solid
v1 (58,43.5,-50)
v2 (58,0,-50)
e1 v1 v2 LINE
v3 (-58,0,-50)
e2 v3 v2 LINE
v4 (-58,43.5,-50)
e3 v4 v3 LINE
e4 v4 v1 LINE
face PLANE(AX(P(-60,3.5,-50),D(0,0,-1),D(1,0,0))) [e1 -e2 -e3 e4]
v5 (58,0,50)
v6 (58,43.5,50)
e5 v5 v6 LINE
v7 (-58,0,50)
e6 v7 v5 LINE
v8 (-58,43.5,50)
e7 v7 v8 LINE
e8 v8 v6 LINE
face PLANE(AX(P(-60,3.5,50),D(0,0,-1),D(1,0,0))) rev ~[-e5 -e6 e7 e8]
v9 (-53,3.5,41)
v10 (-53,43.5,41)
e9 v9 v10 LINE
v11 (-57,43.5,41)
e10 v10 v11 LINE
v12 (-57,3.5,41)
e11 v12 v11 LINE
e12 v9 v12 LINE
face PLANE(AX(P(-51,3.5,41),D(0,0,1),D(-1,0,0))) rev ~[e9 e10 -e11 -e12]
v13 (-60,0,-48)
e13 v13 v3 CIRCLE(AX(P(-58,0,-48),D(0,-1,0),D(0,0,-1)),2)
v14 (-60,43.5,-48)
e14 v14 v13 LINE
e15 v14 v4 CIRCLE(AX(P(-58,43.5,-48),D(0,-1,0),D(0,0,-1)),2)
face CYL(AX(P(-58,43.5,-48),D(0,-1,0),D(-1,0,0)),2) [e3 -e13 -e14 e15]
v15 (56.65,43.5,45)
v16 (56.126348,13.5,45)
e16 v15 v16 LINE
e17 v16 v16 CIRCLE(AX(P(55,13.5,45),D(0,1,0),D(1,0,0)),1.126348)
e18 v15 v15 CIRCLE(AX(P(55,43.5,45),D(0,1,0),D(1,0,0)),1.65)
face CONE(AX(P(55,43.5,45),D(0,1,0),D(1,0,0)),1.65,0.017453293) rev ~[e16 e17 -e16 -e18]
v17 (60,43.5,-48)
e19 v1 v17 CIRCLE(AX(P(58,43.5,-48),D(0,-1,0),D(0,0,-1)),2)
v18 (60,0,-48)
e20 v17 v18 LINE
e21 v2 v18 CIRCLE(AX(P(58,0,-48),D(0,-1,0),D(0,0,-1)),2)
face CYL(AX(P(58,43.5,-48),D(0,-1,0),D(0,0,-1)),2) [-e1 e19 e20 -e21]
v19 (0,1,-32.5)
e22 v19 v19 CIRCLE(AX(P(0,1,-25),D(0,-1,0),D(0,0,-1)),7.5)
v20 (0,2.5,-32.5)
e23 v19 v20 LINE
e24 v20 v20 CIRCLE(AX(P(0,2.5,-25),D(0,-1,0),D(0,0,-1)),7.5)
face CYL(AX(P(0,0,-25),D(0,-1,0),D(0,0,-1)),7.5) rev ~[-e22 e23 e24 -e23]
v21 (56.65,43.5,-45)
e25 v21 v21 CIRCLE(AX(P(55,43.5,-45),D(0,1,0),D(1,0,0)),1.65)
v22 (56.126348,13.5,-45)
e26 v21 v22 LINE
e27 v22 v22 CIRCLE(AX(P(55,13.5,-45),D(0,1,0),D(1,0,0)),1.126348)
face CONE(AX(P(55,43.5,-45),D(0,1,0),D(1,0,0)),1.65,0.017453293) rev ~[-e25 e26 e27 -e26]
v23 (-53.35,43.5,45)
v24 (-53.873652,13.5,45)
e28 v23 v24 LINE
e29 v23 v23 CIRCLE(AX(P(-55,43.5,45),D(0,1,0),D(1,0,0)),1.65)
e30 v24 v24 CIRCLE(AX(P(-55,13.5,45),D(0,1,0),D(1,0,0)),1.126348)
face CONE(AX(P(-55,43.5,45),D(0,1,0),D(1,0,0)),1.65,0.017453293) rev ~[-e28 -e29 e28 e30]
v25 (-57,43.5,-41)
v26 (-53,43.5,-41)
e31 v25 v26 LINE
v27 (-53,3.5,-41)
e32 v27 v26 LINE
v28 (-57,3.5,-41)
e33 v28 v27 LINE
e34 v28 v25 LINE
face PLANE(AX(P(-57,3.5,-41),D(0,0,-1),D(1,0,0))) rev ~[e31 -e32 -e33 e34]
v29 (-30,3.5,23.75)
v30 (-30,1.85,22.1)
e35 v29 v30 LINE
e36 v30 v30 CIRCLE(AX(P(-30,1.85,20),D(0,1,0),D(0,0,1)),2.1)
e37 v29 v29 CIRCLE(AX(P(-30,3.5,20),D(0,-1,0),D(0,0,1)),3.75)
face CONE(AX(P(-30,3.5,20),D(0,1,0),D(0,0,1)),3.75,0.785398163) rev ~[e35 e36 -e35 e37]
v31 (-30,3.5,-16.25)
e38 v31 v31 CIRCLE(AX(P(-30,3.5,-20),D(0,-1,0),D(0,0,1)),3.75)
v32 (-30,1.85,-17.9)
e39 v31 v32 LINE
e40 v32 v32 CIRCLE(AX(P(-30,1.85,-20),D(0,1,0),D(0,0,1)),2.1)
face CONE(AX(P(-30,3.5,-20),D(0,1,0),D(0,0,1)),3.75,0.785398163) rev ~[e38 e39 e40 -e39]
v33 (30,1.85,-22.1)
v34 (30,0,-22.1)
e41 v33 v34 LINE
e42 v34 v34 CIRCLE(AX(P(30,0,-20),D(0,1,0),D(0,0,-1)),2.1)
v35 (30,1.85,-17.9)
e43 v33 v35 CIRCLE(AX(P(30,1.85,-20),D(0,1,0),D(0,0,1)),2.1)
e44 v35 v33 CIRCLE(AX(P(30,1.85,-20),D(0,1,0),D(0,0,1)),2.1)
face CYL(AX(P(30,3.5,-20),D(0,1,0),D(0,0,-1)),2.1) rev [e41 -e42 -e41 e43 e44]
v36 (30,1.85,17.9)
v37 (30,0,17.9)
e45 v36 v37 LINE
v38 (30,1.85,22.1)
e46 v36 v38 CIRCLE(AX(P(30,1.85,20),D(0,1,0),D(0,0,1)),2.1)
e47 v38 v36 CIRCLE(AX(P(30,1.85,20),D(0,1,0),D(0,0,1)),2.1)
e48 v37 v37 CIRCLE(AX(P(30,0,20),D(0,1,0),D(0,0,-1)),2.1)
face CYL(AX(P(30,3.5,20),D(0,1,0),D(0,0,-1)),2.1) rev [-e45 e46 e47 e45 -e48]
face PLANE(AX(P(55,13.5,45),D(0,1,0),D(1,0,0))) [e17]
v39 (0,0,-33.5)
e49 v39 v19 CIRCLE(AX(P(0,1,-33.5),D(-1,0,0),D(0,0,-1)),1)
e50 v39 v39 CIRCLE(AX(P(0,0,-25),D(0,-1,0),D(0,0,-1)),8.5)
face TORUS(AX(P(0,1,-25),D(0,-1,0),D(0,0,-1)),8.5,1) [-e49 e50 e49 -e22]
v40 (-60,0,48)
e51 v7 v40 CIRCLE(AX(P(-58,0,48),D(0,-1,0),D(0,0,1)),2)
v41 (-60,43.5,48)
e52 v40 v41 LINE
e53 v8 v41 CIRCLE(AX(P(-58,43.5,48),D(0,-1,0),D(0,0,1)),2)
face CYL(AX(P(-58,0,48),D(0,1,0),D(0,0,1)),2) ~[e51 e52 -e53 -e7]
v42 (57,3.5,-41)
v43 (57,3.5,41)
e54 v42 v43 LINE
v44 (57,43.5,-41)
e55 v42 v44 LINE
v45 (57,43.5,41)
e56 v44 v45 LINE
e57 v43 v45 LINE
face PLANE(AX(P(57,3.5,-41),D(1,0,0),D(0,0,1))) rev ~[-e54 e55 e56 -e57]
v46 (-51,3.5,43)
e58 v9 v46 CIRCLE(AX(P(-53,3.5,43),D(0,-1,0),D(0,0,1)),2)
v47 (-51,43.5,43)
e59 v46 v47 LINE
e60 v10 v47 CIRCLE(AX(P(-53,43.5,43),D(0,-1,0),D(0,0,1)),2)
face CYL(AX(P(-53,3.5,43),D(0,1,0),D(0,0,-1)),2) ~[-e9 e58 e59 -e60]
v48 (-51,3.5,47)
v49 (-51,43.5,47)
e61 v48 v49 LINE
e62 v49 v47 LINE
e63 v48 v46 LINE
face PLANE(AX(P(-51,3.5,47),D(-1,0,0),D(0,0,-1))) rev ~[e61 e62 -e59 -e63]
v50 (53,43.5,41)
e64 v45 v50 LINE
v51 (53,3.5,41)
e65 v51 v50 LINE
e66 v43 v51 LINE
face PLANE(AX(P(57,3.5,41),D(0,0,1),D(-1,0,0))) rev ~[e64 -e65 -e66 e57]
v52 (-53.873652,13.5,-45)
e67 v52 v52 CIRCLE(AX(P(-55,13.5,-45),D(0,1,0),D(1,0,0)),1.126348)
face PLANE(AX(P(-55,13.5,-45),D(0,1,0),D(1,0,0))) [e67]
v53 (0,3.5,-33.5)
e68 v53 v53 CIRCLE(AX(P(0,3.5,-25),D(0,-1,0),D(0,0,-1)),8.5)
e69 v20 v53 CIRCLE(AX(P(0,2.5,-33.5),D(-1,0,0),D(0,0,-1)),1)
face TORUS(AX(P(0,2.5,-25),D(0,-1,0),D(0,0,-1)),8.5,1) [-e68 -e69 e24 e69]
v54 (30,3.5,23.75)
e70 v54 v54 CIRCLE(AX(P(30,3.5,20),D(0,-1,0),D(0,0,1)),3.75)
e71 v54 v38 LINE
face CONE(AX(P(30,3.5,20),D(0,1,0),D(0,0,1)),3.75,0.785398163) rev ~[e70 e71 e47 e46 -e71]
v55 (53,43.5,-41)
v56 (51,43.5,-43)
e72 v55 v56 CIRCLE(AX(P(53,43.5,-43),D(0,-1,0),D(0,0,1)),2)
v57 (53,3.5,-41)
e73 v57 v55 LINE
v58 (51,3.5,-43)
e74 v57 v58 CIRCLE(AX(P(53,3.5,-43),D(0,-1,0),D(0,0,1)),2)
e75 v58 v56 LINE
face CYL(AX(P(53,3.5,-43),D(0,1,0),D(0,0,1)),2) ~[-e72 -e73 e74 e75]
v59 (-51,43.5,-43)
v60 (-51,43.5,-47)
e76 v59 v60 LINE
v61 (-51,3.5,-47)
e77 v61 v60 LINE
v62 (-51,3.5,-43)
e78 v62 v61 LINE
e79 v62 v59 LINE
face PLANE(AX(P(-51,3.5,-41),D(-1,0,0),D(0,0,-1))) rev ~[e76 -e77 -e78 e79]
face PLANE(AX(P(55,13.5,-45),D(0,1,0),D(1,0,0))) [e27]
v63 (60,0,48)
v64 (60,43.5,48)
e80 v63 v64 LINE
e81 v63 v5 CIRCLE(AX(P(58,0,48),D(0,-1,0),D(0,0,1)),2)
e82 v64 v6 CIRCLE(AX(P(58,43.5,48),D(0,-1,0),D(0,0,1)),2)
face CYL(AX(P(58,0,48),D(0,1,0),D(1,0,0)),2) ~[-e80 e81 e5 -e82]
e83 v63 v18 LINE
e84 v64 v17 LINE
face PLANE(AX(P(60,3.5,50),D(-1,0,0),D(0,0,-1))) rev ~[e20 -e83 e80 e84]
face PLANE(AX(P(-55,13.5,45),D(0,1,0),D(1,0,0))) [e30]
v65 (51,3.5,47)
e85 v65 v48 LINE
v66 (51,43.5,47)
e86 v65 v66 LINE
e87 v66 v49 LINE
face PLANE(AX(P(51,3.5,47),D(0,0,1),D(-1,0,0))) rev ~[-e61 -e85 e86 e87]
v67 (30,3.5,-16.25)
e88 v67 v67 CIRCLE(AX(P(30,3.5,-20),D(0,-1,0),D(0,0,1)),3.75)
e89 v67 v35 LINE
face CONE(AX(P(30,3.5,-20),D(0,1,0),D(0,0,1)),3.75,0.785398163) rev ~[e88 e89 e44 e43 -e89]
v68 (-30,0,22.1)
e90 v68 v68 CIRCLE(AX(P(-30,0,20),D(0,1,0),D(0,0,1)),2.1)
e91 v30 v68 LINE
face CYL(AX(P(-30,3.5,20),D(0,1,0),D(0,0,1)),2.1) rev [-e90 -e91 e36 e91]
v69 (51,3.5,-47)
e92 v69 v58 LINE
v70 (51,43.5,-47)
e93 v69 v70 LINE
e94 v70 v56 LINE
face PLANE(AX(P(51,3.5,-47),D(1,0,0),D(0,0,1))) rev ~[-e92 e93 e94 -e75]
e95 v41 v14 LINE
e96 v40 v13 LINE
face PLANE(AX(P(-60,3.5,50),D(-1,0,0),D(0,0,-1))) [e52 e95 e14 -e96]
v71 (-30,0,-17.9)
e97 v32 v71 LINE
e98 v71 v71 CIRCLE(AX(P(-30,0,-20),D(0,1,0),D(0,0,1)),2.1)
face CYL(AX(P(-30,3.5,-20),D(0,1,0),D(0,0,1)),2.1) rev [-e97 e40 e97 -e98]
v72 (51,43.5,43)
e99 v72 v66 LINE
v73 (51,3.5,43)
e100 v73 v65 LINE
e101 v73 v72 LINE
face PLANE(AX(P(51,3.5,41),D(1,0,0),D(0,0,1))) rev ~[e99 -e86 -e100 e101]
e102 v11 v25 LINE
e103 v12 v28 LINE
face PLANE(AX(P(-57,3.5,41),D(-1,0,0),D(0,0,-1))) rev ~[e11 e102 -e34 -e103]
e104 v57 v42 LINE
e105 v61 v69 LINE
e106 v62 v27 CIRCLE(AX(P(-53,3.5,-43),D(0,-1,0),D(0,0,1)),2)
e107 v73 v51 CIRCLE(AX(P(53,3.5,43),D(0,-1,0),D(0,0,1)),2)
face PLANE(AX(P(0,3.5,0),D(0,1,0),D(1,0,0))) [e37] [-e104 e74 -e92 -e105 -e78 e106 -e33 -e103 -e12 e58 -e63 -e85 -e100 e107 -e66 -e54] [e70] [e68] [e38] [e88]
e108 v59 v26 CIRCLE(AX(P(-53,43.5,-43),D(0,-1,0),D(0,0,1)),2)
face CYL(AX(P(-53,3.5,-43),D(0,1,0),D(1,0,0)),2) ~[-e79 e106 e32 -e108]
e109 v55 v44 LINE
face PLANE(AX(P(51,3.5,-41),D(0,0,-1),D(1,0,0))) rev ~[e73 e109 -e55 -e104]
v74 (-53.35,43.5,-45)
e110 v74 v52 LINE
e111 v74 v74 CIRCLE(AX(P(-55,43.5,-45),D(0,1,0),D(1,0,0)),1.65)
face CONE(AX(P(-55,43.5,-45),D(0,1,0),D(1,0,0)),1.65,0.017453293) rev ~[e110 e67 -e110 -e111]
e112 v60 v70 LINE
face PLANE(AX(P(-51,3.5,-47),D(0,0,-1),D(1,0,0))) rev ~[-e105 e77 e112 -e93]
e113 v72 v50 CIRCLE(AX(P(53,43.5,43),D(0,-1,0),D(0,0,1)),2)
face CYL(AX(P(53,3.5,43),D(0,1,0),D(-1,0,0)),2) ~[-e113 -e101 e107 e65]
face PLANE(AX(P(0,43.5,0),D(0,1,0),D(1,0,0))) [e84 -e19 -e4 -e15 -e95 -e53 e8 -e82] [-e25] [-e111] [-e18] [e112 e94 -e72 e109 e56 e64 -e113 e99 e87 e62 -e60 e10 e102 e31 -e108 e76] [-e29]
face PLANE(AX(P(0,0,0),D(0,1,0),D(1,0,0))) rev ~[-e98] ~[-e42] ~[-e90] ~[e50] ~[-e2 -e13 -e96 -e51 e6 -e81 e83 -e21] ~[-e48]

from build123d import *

# Parameters (mm, degrees)
SKETCH1_W                             = 120
SKETCH1_H                             = 100
BOTTOM_DEPTH                          = 3.5
SKETCH3_W                             = 120
SKETCH3_H                             = 100
WALL_DEPTH                            = 40
SKETCH4_R                             = 1.65
TOP_PLATE_SCREW_HOLES_DEPTH           = 30
TOP_PLATE_SCREW_HOLES_DRAFT           = -1
TOP_PLATE_SCREW_HOLES_PROFILE_2_DEPTH = 30
TOP_PLATE_SCREW_HOLES_PROFILE_2_DRAFT = -1
TOP_PLATE_SCREW_HOLES_PROFILE_3_DEPTH = 30
TOP_PLATE_SCREW_HOLES_PROFILE_3_DRAFT = -1
TOP_PLATE_SCREW_HOLES_PROFILE_4_DEPTH = 30
TOP_PLATE_SCREW_HOLES_PROFILE_4_DRAFT = -1
FILLET1_R                             = 2
FILLET2_R                             = 2
FILLET3_R                             = 2
FILLET4_R                             = 2
FILLET5_R                             = 2
FILLET6_R                             = 2
FILLET7_R                             = 2
FILLET8_R                             = 2
M4_MOUNT_R                            = 2.1
M4_MOUNT_CUT_DEPTH                    = 88.749643874
SKETCH7_R                             = 7.5
USB_CABEL_CUT_DEPTH                   = 90.399384785
FILLET9_R                             = 1
FILLET10_R                            = 1


with BuildPart() as part:
    # Sketch1 → Bottom (new body)
    with BuildSketch(Plane(origin=(0, 0, 0), x_dir=(1, 0, 0), z_dir=(0, 1, 0))):
        Rectangle(SKETCH1_W, SKETCH1_H)
    extrude(amount=BOTTOM_DEPTH)

    # Sketch3 → Wall (add)
    with BuildSketch(Plane(origin=(0, 3.5, 0), x_dir=(1, 0, 0), z_dir=(0, 1, 0))):
        Rectangle(SKETCH3_W, SKETCH3_H)
        Polygon((-51, 47), (51, 47), (51, 41), (57, 41), (57, -41), (51, -41), (51, -47), (-51, -47), (-51, -41), (-57, -41), (-57, 41), (-51, 41), align=None, mode=Mode.SUBTRACT)
    extrude(amount=WALL_DEPTH)


with BuildPart() as top_plate_screw_holes_tool:
    # Sketch4 → Top Plate Screw Holes (with draft: the straight prism first)
    with BuildSketch(Plane(origin=(0, 43.5, 0), x_dir=(1, 0, 0), z_dir=(0, 1, 0))):
        with Locations((-55, 45)):
            Circle(SKETCH4_R)
    extrude(amount=-TOP_PLATE_SCREW_HOLES_DEPTH)
    # Top Plate Screw Holes: the draft: its side faces are tilted about the plane it starts from
    top_plate_screw_holes_sides = [top_plate_screw_holes_tool.faces().sort_by_distance(p)[0] for p in [
        (-56.65, 28.5, -45),
    ]]
    draft(top_plate_screw_holes_sides, Plane(origin=(0, 43.5, 0), x_dir=(1, 0, 0), z_dir=(0, 1, 0)), TOP_PLATE_SCREW_HOLES_DRAFT)


with BuildPart() as part_1:
    add(part.part)

    # Top Plate Screw Holes: cut by top_plate_screw_holes_tool
    add(top_plate_screw_holes_tool.part, mode=Mode.SUBTRACT)


with BuildPart() as top_plate_screw_holes_profile_2_tool:
    # Sketch4 → Top Plate Screw Holes profile 2 (with draft: the straight prism first)
    with BuildSketch(Plane(origin=(0, 43.5, 0), x_dir=(1, 0, 0), z_dir=(0, 1, 0))):
        with Locations((55, 45)):
            Circle(SKETCH4_R)
    extrude(amount=-TOP_PLATE_SCREW_HOLES_PROFILE_2_DEPTH)
    # Top Plate Screw Holes profile 2: the draft: its side faces are tilted about the plane it starts from
    top_plate_screw_holes_profile_2_sides = [top_plate_screw_holes_profile_2_tool.faces().sort_by_distance(p)[0] for p in [
        (53.35, 28.5, -45),
    ]]
    draft(top_plate_screw_holes_profile_2_sides, Plane(origin=(0, 43.5, 0), x_dir=(1, 0, 0), z_dir=(0, 1, 0)), TOP_PLATE_SCREW_HOLES_PROFILE_2_DRAFT)


with BuildPart() as part_2:
    add(part_1.part)

    # Top Plate Screw Holes profile 2: cut by top_plate_screw_holes_profile_2_tool
    add(top_plate_screw_holes_profile_2_tool.part, mode=Mode.SUBTRACT)


with BuildPart() as top_plate_screw_holes_profile_3_tool:
    # Sketch4 → Top Plate Screw Holes profile 3 (with draft: the straight prism first)
    with BuildSketch(Plane(origin=(0, 43.5, 0), x_dir=(1, 0, 0), z_dir=(0, 1, 0))):
        with Locations((55, -45)):
            Circle(SKETCH4_R)
    extrude(amount=-TOP_PLATE_SCREW_HOLES_PROFILE_3_DEPTH)
    # Top Plate Screw Holes profile 3: the draft: its side faces are tilted about the plane it starts from
    top_plate_screw_holes_profile_3_sides = [top_plate_screw_holes_profile_3_tool.faces().sort_by_distance(p)[0] for p in [
        (53.35, 28.5, 45),
    ]]
    draft(top_plate_screw_holes_profile_3_sides, Plane(origin=(0, 43.5, 0), x_dir=(1, 0, 0), z_dir=(0, 1, 0)), TOP_PLATE_SCREW_HOLES_PROFILE_3_DRAFT)


with BuildPart() as part_3:
    add(part_2.part)

    # Top Plate Screw Holes profile 3: cut by top_plate_screw_holes_profile_3_tool
    add(top_plate_screw_holes_profile_3_tool.part, mode=Mode.SUBTRACT)


with BuildPart() as top_plate_screw_holes_profile_4_tool:
    # Sketch4 → Top Plate Screw Holes profile 4 (with draft: the straight prism first)
    with BuildSketch(Plane(origin=(0, 43.5, 0), x_dir=(1, 0, 0), z_dir=(0, 1, 0))):
        with Locations((-55, -45)):
            Circle(SKETCH4_R)
    extrude(amount=-TOP_PLATE_SCREW_HOLES_PROFILE_4_DEPTH)
    # Top Plate Screw Holes profile 4: the draft: its side faces are tilted about the plane it starts from
    top_plate_screw_holes_profile_4_sides = [top_plate_screw_holes_profile_4_tool.faces().sort_by_distance(p)[0] for p in [
        (-56.65, 28.5, 45),
    ]]
    draft(top_plate_screw_holes_profile_4_sides, Plane(origin=(0, 43.5, 0), x_dir=(1, 0, 0), z_dir=(0, 1, 0)), TOP_PLATE_SCREW_HOLES_PROFILE_4_DRAFT)


with BuildPart() as part_4:
    add(part_3.part)

    # Top Plate Screw Holes profile 4: cut by top_plate_screw_holes_profile_4_tool
    add(top_plate_screw_holes_profile_4_tool.part, mode=Mode.SUBTRACT)

    # Fillet1
    fillet1_edges = [part_4.edges().sort_by_distance(p)[0] for p in [
        (-51, 23.5, 41),
    ]]
    fillet(fillet1_edges, radius=FILLET1_R)

    # Fillet2
    fillet2_edges = [part_4.edges().sort_by_distance(p)[0] for p in [
        (51, 23.5, 41),
    ]]
    fillet(fillet2_edges, radius=FILLET2_R)

    # Fillet3
    fillet3_edges = [part_4.edges().sort_by_distance(p)[0] for p in [
        (51, 23.5, -41),
    ]]
    fillet(fillet3_edges, radius=FILLET3_R)

    # Fillet4
    fillet4_edges = [part_4.edges().sort_by_distance(p)[0] for p in [
        (-51, 23.5, -41),
    ]]
    fillet(fillet4_edges, radius=FILLET4_R)

    # Fillet5
    fillet5_edges = [part_4.edges().sort_by_distance(p)[0] for p in [
        (-60, 21.75, -50),
    ]]
    fillet(fillet5_edges, radius=FILLET5_R)

    # Fillet6
    fillet6_edges = [part_4.edges().sort_by_distance(p)[0] for p in [
        (60, 21.75, -50),
    ]]
    fillet(fillet6_edges, radius=FILLET6_R)

    # Fillet7
    fillet7_edges = [part_4.edges().sort_by_distance(p)[0] for p in [
        (60, 21.75, 50),
    ]]
    fillet(fillet7_edges, radius=FILLET7_R)

    # Fillet8
    fillet8_edges = [part_4.edges().sort_by_distance(p)[0] for p in [
        (-60, 21.75, 50),
    ]]
    fillet(fillet8_edges, radius=FILLET8_R)

    # M4 Mount → M4 Mount Cut (cut, through all)
    with BuildSketch(Plane.XZ.offset(-3.5)):
        with Locations(Location((30, -20, 0), (0, 0, 270))):
            Circle(M4_MOUNT_R)
        with Locations(Location((30, 20, 0), (0, 0, 270))):
            Circle(M4_MOUNT_R)
        with Locations(Location((-30, 20, 0), (0, 0, 90))):
            Circle(M4_MOUNT_R)
        with Locations(Location((-30, -20, 0), (0, 0, 90))):
            Circle(M4_MOUNT_R)
    extrude(amount=M4_MOUNT_CUT_DEPTH, mode=Mode.SUBTRACT)

    # Cut-Extrude3 cone 1 section (through the dimple's axis) → Cut-Extrude3 (revolve, cut)
    with BuildSketch(Plane(origin=(30, 3.5, 20), x_dir=(0, 0, 1), z_dir=(1, 0, 0))):
        Polygon((0, 0), (3.75, 0), (0, 3.75), align=None)
    revolve(axis=Axis((30, 3.5, 20), (0, -1, 0)), mode=Mode.SUBTRACT)

    # Cut-Extrude3 cone 2 section (through the dimple's axis) → Cut-Extrude3 cone 2 (revolve, cut)
    with BuildSketch(Plane(origin=(30, 3.5, -20), x_dir=(0, 0, 1), z_dir=(1, 0, 0))):
        Polygon((0, 0), (3.75, 0), (0, 3.75), align=None)
    revolve(axis=Axis((30, 3.5, -20), (0, -1, 0)), mode=Mode.SUBTRACT)

    # Cut-Extrude3 cone 3 section (through the dimple's axis) → Cut-Extrude3 cone 3 (revolve, cut)
    with BuildSketch(Plane(origin=(-30, 3.5, -20), x_dir=(0, 0, 1), z_dir=(1, 0, 0))):
        Polygon((0, 0), (3.75, 0), (0, 3.75), align=None)
    revolve(axis=Axis((-30, 3.5, -20), (0, -1, 0)), mode=Mode.SUBTRACT)

    # Cut-Extrude3 cone 4 section (through the dimple's axis) → Cut-Extrude3 cone 4 (revolve, cut)
    with BuildSketch(Plane(origin=(-30, 3.5, 20), x_dir=(0, 0, 1), z_dir=(1, 0, 0))):
        Polygon((0, 0), (3.75, 0), (0, 3.75), align=None)
    revolve(axis=Axis((-30, 3.5, 20), (0, -1, 0)), mode=Mode.SUBTRACT)

    # Sketch7 → USB Cabel Cut (cut, through all)
    with BuildSketch(Plane.XZ):
        with Locations(Location((0, -25, 0), (0, 0, 270))):
            Circle(SKETCH7_R)
    extrude(amount=-USB_CABEL_CUT_DEPTH, mode=Mode.SUBTRACT)

    # Fillet9
    fillet9_edges = [part_4.edges().sort_by_distance(p)[0] for p in [
        (0, 0, -17.5),
    ]]
    fillet(fillet9_edges, radius=FILLET9_R)

    # Fillet10
    fillet10_edges = [part_4.edges().sort_by_distance(p)[0] for p in [
        (0, 3.5, -17.5),
    ]]
    fillet(fillet10_edges, radius=FILLET10_R)


solid = part_4.part
